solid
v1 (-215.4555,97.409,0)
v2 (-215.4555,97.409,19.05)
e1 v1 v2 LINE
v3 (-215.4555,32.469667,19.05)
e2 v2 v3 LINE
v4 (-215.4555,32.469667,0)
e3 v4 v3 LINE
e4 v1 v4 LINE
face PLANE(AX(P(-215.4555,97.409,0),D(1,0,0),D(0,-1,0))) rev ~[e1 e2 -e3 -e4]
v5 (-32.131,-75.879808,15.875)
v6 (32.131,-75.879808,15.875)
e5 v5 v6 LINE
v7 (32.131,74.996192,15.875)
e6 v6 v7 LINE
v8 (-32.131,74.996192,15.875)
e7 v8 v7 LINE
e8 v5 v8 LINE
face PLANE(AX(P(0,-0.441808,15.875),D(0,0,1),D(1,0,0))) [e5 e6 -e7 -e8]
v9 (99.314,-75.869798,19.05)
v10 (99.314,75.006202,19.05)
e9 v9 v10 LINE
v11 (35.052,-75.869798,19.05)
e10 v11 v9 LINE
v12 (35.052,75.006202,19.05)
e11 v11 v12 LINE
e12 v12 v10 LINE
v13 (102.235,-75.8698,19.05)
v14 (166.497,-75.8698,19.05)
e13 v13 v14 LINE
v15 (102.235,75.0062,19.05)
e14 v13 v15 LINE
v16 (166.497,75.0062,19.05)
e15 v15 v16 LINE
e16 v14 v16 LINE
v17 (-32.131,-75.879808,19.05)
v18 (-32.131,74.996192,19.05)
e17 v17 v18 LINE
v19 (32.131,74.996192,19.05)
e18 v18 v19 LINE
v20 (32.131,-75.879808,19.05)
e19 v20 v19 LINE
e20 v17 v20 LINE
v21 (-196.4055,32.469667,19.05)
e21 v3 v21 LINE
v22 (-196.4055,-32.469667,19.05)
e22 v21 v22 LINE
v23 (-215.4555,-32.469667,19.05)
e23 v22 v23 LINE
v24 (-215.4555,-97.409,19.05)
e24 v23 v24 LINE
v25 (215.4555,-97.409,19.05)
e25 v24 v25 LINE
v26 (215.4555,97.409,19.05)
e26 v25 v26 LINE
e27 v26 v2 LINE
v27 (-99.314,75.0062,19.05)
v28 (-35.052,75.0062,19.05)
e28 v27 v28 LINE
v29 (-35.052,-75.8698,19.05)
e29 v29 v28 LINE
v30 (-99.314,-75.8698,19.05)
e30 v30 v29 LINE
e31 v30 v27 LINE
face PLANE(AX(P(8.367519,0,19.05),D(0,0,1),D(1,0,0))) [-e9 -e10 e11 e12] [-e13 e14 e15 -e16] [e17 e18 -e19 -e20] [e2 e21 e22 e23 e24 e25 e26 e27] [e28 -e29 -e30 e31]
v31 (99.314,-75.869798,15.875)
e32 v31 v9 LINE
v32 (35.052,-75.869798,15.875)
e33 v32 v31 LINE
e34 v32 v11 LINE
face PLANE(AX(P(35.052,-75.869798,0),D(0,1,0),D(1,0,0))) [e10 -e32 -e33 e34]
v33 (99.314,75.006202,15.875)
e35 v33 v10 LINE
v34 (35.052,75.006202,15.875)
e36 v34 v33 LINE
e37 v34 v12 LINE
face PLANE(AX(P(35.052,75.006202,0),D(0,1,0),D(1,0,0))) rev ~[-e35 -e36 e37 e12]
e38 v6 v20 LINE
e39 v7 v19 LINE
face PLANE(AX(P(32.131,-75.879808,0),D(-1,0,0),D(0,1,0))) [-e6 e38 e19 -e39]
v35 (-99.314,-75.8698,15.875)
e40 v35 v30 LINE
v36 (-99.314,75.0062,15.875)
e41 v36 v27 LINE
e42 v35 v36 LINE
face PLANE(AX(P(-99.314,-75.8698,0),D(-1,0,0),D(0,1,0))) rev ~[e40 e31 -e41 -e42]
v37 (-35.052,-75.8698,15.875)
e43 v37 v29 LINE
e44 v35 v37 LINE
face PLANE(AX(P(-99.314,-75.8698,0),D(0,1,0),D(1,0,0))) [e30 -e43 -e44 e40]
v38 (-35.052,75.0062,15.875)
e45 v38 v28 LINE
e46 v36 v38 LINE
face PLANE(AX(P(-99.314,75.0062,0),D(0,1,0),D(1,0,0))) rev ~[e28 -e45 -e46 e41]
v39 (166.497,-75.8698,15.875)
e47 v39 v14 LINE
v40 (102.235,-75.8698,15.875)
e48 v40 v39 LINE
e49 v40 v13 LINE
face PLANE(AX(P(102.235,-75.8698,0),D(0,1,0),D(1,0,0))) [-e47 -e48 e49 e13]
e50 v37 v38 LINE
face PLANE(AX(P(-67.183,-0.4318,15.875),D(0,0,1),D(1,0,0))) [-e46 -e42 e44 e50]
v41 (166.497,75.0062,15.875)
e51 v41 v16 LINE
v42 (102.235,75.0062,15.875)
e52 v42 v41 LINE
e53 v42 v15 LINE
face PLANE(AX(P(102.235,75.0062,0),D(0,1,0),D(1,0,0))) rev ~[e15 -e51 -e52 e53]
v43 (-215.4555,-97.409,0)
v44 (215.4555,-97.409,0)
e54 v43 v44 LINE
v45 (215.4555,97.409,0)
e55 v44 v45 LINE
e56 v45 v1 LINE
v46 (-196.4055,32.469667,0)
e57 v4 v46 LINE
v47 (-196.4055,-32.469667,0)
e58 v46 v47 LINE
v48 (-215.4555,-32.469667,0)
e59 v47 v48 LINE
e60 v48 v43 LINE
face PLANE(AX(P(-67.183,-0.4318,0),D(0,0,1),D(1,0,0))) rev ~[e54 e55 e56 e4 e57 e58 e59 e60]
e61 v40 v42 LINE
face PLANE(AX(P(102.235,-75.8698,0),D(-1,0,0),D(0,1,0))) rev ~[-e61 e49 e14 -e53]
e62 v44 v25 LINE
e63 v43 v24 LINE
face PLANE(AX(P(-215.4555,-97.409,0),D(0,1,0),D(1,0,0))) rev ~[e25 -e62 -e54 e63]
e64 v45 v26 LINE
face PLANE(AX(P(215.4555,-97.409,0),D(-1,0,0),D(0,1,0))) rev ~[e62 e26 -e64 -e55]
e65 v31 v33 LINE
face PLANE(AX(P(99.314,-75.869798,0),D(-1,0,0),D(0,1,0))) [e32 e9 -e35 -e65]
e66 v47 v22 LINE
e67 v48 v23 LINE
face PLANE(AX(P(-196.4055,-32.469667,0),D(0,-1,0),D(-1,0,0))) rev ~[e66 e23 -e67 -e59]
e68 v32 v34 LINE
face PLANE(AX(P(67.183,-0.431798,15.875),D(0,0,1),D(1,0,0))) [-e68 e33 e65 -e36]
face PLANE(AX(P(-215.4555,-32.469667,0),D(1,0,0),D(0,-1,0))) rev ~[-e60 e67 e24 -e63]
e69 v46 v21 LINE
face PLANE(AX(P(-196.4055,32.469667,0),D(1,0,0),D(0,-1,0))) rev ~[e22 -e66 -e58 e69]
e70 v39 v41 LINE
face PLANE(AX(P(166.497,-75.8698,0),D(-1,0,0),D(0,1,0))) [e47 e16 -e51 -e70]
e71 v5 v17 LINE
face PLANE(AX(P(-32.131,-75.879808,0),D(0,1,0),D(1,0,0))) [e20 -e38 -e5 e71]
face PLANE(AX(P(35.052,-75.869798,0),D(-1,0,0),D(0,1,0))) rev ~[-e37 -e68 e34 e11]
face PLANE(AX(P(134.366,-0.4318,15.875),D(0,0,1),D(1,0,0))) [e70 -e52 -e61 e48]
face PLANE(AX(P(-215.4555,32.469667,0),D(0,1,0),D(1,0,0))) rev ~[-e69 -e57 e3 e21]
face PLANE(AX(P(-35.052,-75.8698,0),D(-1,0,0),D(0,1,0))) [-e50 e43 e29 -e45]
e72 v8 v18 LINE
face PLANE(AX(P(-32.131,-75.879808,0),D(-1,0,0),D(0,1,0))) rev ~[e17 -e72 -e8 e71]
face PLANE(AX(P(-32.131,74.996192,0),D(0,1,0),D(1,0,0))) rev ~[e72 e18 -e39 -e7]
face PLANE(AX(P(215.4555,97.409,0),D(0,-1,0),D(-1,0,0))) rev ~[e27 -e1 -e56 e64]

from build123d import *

# Parameters (mm, degrees)
F0_W     = 64.262
F0_H     = 150.876
F1_DEPTH = 19.05
F2_DEPTH = 15.875


with BuildPart() as f1:
    # F0 (on Top) → F1 (new body)
    with BuildSketch(Plane.XY):
        Polygon((-215.4555, -97.409), (215.4555, -97.409), (215.4555, 97.409), (-215.4555, 97.409), (-215.4555, 32.469667), (-196.4055, 32.469667), (-196.4055, 78.359), (196.4055, 78.359), (196.4055, -78.359), (-196.4055, -78.359), (-196.4055, -32.469667), (-215.4555, -32.469667), align=None)
        Polygon((-196.4055, 32.469667), (-196.4055, -32.469667), (-196.4055, -78.359), (196.4055, -78.359), (196.4055, 78.359), (-196.4055, 78.359), align=None)
        with Locations((-67.183, -0.4318)):
            Rectangle(F0_W, F0_H, mode=Mode.SUBTRACT)
        with Locations((0, -0.441808)):
            Rectangle(F0_W, F0_H, mode=Mode.SUBTRACT)
        with Locations((67.183, -0.431798)):
            Rectangle(F0_W, F0_H, mode=Mode.SUBTRACT)
        with Locations((134.366, -0.4318)):
            Rectangle(F0_W, F0_H, mode=Mode.SUBTRACT)
    extrude(amount=F1_DEPTH)

    # F0 (on Top) → F2 (join)
    with BuildSketch(Plane.XY):
        with Locations((-67.183, -0.4318)):
            Rectangle(F0_W, F0_H)
        with Locations((0, -0.441808)):
            Rectangle(F0_W, F0_H)
        with Locations((67.183, -0.431798)):
            Rectangle(F0_W, F0_H)
        with Locations((134.366, -0.4318)):
            Rectangle(F0_W, F0_H)
    extrude(amount=F2_DEPTH)


solid = f1.part
